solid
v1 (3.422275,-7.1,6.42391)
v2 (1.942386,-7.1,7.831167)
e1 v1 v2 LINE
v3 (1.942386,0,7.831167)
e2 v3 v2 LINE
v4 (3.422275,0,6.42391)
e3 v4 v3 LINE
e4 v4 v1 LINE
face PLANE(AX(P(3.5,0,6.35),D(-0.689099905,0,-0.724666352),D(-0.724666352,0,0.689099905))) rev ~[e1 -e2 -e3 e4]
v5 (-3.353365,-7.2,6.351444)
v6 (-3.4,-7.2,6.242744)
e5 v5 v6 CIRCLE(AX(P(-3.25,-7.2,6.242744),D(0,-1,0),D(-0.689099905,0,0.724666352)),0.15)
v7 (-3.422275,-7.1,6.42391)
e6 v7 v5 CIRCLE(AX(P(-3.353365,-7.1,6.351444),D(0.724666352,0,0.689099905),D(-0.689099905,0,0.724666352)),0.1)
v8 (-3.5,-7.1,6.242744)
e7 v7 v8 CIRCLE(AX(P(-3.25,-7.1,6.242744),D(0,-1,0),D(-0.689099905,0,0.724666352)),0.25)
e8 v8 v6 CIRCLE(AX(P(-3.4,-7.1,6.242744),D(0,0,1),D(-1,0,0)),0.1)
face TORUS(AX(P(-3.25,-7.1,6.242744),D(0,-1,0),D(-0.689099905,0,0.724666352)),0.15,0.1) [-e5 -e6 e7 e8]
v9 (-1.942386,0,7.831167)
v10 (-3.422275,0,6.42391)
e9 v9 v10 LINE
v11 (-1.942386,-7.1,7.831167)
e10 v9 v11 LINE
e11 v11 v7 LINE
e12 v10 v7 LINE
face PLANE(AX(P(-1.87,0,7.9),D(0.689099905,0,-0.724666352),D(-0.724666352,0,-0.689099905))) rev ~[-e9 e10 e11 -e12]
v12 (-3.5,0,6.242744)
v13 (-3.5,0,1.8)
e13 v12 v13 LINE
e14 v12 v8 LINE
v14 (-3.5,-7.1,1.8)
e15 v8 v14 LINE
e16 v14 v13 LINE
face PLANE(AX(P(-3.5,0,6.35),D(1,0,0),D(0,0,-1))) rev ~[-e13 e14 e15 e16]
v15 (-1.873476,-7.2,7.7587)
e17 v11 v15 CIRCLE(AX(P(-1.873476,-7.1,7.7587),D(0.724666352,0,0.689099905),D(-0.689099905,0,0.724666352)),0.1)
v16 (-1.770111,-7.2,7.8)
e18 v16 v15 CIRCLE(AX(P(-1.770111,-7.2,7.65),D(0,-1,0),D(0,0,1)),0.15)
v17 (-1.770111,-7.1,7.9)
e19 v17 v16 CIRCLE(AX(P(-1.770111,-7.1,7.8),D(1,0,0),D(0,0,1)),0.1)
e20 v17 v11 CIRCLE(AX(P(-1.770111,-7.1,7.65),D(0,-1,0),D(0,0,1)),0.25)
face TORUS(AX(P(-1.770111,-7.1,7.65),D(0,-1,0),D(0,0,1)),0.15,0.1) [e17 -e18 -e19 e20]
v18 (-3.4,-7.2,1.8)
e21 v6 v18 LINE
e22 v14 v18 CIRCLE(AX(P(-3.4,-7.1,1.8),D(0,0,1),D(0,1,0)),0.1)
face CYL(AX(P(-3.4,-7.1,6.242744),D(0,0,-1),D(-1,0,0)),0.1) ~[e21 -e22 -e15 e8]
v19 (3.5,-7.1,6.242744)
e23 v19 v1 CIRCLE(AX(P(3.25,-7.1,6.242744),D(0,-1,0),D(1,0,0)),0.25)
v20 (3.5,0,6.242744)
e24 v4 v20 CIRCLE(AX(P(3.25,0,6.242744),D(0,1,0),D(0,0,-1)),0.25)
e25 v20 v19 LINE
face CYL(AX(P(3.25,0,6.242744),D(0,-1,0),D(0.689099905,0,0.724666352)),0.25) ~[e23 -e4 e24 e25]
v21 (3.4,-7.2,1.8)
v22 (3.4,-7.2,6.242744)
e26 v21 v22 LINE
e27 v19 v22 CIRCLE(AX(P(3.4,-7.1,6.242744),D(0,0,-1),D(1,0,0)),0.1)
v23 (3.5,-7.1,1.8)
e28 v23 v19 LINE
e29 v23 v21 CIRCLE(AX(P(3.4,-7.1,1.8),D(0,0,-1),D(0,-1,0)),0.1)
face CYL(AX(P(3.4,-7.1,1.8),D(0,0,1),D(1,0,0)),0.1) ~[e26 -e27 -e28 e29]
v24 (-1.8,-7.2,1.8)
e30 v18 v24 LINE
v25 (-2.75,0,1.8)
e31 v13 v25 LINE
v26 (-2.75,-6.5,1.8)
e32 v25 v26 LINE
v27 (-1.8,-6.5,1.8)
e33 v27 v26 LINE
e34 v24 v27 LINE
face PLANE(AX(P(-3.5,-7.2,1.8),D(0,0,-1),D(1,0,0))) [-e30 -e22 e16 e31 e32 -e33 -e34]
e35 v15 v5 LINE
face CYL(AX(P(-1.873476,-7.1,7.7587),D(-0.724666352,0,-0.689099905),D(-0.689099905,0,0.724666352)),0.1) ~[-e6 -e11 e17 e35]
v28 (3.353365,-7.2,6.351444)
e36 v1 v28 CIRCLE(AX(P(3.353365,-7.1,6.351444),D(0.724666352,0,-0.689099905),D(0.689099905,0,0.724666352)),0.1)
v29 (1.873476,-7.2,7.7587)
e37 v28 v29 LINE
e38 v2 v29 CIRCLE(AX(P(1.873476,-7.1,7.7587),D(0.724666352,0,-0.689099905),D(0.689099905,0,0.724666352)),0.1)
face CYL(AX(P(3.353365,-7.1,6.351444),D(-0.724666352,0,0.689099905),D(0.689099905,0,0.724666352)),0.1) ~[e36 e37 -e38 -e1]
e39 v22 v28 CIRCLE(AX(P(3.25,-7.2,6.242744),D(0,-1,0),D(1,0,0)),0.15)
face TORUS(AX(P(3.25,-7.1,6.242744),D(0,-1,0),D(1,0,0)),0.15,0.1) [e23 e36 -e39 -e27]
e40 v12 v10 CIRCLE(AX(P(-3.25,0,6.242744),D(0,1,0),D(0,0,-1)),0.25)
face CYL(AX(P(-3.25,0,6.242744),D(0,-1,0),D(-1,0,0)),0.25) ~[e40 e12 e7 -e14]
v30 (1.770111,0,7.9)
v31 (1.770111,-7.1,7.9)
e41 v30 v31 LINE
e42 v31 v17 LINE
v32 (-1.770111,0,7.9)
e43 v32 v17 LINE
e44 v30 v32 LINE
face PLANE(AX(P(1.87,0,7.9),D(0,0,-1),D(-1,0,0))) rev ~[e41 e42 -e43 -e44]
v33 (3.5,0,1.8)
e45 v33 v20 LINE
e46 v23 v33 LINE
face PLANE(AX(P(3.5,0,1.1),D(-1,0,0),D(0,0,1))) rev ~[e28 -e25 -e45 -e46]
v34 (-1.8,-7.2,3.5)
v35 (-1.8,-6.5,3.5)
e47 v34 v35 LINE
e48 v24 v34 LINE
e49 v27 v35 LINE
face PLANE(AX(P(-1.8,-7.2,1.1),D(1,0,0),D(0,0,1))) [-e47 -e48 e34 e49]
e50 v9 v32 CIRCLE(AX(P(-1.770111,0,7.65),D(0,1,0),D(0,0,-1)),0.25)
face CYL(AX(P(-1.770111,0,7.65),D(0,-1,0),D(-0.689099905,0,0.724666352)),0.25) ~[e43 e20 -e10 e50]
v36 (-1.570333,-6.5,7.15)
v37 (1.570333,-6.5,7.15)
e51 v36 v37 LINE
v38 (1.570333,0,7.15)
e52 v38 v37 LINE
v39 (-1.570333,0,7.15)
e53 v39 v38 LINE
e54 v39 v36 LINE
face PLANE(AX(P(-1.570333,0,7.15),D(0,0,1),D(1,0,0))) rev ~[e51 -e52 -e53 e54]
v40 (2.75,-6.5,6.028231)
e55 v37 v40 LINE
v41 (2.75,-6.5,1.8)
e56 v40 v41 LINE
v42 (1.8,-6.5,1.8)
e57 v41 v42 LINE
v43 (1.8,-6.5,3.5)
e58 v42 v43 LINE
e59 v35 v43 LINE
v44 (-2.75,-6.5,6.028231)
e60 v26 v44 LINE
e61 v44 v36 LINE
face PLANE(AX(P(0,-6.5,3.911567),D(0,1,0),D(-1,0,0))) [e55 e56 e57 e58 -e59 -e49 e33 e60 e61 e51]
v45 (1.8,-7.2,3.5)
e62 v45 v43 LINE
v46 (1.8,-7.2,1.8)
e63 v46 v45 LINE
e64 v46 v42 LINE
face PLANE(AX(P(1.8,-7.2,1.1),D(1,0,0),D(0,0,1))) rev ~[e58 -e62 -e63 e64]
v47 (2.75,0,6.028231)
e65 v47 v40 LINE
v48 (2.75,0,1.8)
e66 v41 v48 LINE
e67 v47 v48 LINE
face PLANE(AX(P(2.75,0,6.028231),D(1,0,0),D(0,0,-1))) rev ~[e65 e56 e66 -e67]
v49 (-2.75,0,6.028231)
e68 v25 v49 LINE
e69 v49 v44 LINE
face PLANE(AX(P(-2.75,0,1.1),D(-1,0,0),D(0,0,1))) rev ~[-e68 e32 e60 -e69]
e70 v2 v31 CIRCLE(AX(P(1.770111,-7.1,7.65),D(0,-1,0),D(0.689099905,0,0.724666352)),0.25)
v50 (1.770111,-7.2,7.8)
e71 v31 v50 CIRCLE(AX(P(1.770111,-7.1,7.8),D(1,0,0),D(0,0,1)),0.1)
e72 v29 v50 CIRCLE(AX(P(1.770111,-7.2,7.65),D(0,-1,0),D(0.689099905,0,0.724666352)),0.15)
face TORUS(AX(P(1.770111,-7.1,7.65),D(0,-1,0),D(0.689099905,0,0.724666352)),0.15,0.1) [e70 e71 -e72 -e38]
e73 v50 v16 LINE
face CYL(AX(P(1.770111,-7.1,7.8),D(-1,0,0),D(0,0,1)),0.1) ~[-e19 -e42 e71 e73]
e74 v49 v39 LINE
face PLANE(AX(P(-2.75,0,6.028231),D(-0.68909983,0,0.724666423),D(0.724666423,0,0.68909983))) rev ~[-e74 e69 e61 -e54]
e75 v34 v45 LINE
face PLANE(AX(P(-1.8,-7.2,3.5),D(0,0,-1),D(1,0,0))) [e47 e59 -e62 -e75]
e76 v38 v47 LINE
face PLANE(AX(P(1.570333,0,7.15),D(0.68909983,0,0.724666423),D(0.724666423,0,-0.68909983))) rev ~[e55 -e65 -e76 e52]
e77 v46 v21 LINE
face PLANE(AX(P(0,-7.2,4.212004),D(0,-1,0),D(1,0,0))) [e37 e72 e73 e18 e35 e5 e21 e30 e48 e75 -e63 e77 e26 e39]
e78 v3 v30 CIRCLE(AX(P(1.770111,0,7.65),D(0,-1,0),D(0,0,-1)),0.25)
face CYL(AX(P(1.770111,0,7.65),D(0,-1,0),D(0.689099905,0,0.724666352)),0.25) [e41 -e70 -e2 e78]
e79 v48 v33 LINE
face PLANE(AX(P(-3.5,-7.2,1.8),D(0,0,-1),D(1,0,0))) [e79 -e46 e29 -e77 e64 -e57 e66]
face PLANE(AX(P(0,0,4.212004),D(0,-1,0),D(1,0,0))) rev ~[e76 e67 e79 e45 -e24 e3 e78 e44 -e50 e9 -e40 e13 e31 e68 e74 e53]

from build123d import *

# Parameters (mm, degrees)
F1_DEPTH = 7.2
F2_W     = 3.6
F2_H     = 2.4
F3_DEPTH = 7.201
F5_DEPTH = 6.5
F6_W     = 7
F6_H     = 0.7
F7_DEPTH = 7.201
F8_R     = 0.25
F9_R     = 0.1


with BuildPart() as f1:
    # F0 (on Front) → F1 (new body)
    with BuildSketch(Plane.XZ):
        Polygon((-3.5, 6.35), (-3.5, 1.1), (3.5, 1.1), (3.5, 6.35), (1.87, 7.9), (-1.87, 7.9), align=None)
    extrude(amount=F1_DEPTH)

    # F2 (on face) → F3 (cut, through all)
    with BuildSketch(Plane.XZ.offset(7.2)):
        with Locations((0, 2.3)):
            Rectangle(F2_W, F2_H)
    extrude(amount=-F3_DEPTH, mode=Mode.SUBTRACT)

    # F4 (on face) → F5 (cut)
    with BuildSketch(Plane(origin=(0, 0, 0), x_dir=(-1, 0, 0), z_dir=(0, 1, 0))):
        Polygon((-2.75, 1.1), (2.75, 1.1), (2.75, 6.028231), (1.570333, 7.15), (-1.570333, 7.15), (-2.75, 6.028231), align=None)
    extrude(amount=-F5_DEPTH, mode=Mode.SUBTRACT)

    # F6 (on face) → F7 (cut, through all)
    with BuildSketch(Plane.XZ.offset(7.2)):
        with Locations((0, 1.45)):
            Rectangle(F6_W, F6_H)
    extrude(amount=-F7_DEPTH, mode=Mode.SUBTRACT)

    # F8
    f8_edges = [f1.edges().sort_by_distance(p)[0] for p in [
        (-3.5, -3.6, 6.35),
        (-1.87, -3.6, 7.9),
        (1.87, -3.6, 7.9),
        (3.5, -3.6, 6.35),
    ]]
    fillet(f8_edges, radius=F8_R)

    # F9
    f9_edges = [f1.edges().sort_by_distance(p)[0] for p in [
        (-3.5, -7.2, 4.021372),
    ]]
    fillet(f9_edges, radius=F9_R)


solid = f1.part
